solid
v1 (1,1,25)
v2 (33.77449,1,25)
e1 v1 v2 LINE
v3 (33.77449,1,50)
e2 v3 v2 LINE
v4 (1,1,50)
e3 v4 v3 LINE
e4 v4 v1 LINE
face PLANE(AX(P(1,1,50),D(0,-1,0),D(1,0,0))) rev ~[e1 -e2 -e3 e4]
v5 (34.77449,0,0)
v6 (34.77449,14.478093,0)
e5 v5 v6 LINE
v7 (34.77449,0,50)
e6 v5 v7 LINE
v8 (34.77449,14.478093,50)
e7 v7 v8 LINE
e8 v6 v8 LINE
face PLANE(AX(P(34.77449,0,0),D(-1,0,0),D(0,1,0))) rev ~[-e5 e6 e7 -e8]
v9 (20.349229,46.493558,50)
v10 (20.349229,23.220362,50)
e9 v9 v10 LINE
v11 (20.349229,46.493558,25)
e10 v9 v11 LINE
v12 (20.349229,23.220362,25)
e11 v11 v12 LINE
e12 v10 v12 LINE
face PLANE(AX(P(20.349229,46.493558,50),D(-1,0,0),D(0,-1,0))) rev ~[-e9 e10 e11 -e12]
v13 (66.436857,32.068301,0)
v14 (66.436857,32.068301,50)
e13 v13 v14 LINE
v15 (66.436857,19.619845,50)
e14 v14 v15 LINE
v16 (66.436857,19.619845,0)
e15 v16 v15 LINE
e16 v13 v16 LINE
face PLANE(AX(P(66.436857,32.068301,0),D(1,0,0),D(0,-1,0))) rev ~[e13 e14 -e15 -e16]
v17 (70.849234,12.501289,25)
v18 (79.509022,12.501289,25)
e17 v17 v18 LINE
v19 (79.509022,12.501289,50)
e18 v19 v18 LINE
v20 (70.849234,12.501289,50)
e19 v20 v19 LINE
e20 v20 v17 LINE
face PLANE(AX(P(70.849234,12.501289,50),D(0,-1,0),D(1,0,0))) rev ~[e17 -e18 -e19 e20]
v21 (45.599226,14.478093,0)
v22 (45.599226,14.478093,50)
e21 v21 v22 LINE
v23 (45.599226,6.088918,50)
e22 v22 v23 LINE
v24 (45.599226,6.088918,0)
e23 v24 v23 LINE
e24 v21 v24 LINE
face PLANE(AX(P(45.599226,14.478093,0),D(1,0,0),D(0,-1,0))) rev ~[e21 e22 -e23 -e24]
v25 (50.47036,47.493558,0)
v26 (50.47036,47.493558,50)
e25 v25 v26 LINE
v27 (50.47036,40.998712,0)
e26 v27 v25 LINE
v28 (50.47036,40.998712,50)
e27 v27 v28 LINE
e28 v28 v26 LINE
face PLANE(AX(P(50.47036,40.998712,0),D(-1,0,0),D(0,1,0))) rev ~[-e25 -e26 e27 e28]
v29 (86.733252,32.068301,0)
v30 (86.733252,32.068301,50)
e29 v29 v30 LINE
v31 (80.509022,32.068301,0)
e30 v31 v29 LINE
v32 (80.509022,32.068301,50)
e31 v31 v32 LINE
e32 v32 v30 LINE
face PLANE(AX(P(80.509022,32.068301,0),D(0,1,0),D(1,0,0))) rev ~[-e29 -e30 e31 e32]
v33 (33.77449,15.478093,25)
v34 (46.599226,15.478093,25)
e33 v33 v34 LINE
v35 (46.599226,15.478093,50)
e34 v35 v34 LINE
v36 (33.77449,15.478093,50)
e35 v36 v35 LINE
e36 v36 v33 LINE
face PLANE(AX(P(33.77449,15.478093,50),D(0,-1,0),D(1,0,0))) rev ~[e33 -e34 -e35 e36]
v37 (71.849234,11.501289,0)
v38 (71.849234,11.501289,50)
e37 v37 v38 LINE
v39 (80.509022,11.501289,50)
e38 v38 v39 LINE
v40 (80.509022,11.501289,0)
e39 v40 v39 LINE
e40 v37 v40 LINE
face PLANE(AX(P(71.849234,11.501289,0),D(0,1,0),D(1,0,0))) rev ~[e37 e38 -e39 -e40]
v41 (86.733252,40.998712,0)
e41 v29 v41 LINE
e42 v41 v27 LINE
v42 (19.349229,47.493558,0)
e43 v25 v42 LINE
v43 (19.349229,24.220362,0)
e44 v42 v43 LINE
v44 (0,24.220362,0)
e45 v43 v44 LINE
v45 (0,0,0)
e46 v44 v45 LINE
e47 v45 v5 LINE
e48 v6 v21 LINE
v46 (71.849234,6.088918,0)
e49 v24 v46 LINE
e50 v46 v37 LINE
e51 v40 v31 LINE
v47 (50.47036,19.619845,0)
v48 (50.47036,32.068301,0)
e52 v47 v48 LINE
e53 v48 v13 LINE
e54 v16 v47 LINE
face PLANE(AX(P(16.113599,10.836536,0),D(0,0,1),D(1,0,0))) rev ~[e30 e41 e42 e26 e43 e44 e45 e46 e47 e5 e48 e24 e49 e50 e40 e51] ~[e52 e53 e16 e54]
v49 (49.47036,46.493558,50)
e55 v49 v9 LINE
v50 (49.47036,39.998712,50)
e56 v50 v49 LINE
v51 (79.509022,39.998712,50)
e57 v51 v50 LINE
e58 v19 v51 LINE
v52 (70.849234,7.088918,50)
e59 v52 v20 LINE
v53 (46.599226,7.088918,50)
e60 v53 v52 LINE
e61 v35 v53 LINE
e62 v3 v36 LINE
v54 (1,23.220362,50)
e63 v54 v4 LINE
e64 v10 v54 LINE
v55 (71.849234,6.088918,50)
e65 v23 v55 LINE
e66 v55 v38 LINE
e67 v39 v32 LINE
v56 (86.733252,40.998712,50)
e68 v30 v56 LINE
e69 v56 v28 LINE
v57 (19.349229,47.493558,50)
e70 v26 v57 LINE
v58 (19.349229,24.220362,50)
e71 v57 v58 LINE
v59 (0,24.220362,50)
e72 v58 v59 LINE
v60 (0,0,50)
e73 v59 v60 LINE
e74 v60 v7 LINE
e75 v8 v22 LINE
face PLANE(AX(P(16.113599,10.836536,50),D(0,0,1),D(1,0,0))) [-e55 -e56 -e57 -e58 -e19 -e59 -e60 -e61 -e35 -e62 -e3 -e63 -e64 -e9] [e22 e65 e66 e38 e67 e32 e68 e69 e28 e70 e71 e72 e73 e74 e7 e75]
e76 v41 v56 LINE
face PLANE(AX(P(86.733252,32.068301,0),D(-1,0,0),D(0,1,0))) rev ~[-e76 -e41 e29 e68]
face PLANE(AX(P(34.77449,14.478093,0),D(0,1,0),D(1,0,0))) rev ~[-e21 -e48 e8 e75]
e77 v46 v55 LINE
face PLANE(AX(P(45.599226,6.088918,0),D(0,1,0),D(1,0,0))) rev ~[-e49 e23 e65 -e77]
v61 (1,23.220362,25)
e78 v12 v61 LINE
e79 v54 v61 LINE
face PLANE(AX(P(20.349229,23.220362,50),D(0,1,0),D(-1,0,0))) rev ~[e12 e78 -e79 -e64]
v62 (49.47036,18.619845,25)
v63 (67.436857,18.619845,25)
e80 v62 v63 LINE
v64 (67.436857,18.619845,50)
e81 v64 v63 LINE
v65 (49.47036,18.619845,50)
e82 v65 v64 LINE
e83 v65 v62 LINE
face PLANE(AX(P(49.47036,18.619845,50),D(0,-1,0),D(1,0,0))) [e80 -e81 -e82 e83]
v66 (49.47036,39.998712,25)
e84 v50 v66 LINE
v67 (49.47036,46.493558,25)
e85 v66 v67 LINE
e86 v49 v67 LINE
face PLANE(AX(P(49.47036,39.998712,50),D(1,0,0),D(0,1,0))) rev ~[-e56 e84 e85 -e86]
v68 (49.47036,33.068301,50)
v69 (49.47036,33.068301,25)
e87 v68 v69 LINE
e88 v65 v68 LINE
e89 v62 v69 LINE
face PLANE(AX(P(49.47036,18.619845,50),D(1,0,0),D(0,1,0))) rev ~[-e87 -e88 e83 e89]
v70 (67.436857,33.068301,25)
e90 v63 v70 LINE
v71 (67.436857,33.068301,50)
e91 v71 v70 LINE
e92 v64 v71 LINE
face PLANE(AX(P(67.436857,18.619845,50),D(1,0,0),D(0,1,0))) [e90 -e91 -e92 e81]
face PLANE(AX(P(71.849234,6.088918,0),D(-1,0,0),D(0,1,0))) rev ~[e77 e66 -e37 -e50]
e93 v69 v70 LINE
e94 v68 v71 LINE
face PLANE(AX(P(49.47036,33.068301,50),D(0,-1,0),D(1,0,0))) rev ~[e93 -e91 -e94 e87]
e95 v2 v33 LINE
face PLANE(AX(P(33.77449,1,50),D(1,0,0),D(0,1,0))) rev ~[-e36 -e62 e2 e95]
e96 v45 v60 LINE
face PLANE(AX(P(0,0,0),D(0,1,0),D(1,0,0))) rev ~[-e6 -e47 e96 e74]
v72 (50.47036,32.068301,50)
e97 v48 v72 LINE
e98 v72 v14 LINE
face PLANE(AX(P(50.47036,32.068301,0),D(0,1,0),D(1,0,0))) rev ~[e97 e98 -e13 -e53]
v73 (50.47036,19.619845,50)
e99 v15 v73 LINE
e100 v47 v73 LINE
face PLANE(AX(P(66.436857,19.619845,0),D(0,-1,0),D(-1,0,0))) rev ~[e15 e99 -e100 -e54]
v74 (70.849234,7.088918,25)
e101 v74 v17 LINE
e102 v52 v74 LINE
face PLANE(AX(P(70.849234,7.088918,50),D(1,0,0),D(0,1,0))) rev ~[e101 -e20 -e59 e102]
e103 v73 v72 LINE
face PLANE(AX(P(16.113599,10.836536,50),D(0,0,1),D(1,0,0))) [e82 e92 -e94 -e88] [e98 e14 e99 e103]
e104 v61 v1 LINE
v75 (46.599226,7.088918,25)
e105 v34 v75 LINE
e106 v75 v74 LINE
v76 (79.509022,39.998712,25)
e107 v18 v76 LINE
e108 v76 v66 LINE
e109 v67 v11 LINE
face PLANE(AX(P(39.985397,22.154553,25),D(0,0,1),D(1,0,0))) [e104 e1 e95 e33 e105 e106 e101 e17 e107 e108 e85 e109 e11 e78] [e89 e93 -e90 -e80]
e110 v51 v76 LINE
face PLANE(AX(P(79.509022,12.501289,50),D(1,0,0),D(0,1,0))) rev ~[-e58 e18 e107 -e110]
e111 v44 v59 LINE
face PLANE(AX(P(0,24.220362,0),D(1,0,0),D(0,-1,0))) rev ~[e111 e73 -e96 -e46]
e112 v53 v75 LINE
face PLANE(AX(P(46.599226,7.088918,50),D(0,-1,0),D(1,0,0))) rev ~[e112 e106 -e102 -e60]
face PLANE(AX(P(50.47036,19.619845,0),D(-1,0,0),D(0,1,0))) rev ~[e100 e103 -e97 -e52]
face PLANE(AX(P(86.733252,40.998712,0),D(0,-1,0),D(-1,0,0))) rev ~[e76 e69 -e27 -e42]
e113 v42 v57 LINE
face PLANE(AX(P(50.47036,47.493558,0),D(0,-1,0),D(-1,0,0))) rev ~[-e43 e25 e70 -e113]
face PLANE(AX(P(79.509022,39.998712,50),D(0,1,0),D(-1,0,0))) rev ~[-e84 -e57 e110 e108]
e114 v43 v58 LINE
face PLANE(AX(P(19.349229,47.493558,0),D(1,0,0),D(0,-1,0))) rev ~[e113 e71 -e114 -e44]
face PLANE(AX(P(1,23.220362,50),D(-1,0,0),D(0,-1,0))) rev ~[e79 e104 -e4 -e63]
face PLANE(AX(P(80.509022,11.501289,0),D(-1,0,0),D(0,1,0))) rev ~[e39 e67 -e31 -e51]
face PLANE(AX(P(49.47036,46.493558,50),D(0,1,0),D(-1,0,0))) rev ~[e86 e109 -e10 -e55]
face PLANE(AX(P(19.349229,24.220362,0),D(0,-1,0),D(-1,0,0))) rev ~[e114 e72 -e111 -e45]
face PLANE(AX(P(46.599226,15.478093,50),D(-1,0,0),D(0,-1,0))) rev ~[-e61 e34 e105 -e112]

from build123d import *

# Parameters (mm, degrees)
F0_W     = 5.1417462528
F0_H     = 8.9304111898
F0_W_2   = 14.0721648932
F0_H_2   = 4.6005137265
F0_W_3   = 4.8711337149
F0_H_3   = 5.1417518407
F0_W_4   = 5.4123774171
F0_H_4   = 8.1185558811
F0_W_5   = 15.4252611101
F0_H_5   = 9.7422692925
F1_DEPTH = 50
F2_W     = 17.9664973617
F2_H     = 14.4484561384
F3_DEPTH = 25


with BuildPart() as f1:
    # F0 (on Top) → F1 (new body)
    with BuildSketch(Plane.XY):
        Polygon((0, 24.2203623056), (0, 0), (34.7744897008, 0), (34.7744897008, 14.4780930132), (19.3492285907, 14.4780930132), (19.3492285907, 24.2203623056), align=None)
        Polygon((34.7744897008, 24.2203623056), (34.7744897008, 14.4780930132), (45.5992259085, 14.4780930132), (45.5992259085, 19.6198448539), (50.4703596234, 19.6198448539), (50.4703596234, 32.0683009923), (45.3286133707, 32.0683009923), (45.3286133707, 40.998712182), (50.4703596234, 40.998712182), (50.4703596234, 47.493558377), (19.3492285907, 47.493558377), (19.3492285907, 24.2203623056), align=None)
        Polygon((50.4703596234, 14.4780930132), (45.5992259085, 14.4780930132), (45.5992259085, 6.0889176093), (71.8492344022, 6.0889176093), (71.8492344022, 11.5012889728), (66.4368569851, 11.5012889728), (66.4368569851, 19.6198448539), (50.4703596234, 19.6198448539), align=None)
        Polygon((66.4368569851, 32.0683009923), (66.4368569851, 19.6198448539), (71.8492344022, 19.6198448539), (71.8492344022, 11.5012889728), (80.5090218782, 11.5012889728), (80.5090218782, 32.0683009923), align=None)
        Polygon((86.7332518101, 40.998712182), (50.4703596234, 40.998712182), (50.4703596234, 32.0683009923), (66.4368569851, 32.0683009923), (66.4368569851, 36.6688147187), (80.5090218782, 36.6688147187), (80.5090218782, 32.0683009923), (86.7332518101, 32.0683009923), align=None)
        with Locations((47.899486497, 36.5335065871)):
            Rectangle(F0_W, F0_H)
        with Locations((73.4729394317, 34.3685578555)):
            Rectangle(F0_W_2, F0_H_2)
        with Locations((48.034792766, 17.0489689335)):
            Rectangle(F0_W_3, F0_H_3)
        with Locations((69.1430456936, 15.5605669133)):
            Rectangle(F0_W_4, F0_H_4)
        with Locations((27.0618591458, 19.3492276594)):
            Rectangle(F0_W_5, F0_H_5)
    extrude(amount=F1_DEPTH)

    # F2 (on face) → F3 (cut)
    with BuildSketch(Plane.XY.offset(50)):
        Polygon((1, 23.2203623056), (1, 1), (33.7744897008, 1), (33.7744897008, 15.4780930132), (46.5992259085, 15.4780930132), (46.5992259085, 7.0889176093), (70.8492344022, 7.0889176093), (70.8492344022, 12.5012889728), (79.5090218782, 12.5012889728), (79.5090218782, 39.998712182), (49.4703596234, 39.998712182), (49.4703596234, 46.493558377), (20.3492285907, 46.493558377), (20.3492285907, 23.2203623056), align=None)
        with Locations((58.4536083043, 25.8440729231)):
            Rectangle(F2_W, F2_H, mode=Mode.SUBTRACT)
    extrude(amount=-F3_DEPTH, mode=Mode.SUBTRACT)


solid = f1.part
